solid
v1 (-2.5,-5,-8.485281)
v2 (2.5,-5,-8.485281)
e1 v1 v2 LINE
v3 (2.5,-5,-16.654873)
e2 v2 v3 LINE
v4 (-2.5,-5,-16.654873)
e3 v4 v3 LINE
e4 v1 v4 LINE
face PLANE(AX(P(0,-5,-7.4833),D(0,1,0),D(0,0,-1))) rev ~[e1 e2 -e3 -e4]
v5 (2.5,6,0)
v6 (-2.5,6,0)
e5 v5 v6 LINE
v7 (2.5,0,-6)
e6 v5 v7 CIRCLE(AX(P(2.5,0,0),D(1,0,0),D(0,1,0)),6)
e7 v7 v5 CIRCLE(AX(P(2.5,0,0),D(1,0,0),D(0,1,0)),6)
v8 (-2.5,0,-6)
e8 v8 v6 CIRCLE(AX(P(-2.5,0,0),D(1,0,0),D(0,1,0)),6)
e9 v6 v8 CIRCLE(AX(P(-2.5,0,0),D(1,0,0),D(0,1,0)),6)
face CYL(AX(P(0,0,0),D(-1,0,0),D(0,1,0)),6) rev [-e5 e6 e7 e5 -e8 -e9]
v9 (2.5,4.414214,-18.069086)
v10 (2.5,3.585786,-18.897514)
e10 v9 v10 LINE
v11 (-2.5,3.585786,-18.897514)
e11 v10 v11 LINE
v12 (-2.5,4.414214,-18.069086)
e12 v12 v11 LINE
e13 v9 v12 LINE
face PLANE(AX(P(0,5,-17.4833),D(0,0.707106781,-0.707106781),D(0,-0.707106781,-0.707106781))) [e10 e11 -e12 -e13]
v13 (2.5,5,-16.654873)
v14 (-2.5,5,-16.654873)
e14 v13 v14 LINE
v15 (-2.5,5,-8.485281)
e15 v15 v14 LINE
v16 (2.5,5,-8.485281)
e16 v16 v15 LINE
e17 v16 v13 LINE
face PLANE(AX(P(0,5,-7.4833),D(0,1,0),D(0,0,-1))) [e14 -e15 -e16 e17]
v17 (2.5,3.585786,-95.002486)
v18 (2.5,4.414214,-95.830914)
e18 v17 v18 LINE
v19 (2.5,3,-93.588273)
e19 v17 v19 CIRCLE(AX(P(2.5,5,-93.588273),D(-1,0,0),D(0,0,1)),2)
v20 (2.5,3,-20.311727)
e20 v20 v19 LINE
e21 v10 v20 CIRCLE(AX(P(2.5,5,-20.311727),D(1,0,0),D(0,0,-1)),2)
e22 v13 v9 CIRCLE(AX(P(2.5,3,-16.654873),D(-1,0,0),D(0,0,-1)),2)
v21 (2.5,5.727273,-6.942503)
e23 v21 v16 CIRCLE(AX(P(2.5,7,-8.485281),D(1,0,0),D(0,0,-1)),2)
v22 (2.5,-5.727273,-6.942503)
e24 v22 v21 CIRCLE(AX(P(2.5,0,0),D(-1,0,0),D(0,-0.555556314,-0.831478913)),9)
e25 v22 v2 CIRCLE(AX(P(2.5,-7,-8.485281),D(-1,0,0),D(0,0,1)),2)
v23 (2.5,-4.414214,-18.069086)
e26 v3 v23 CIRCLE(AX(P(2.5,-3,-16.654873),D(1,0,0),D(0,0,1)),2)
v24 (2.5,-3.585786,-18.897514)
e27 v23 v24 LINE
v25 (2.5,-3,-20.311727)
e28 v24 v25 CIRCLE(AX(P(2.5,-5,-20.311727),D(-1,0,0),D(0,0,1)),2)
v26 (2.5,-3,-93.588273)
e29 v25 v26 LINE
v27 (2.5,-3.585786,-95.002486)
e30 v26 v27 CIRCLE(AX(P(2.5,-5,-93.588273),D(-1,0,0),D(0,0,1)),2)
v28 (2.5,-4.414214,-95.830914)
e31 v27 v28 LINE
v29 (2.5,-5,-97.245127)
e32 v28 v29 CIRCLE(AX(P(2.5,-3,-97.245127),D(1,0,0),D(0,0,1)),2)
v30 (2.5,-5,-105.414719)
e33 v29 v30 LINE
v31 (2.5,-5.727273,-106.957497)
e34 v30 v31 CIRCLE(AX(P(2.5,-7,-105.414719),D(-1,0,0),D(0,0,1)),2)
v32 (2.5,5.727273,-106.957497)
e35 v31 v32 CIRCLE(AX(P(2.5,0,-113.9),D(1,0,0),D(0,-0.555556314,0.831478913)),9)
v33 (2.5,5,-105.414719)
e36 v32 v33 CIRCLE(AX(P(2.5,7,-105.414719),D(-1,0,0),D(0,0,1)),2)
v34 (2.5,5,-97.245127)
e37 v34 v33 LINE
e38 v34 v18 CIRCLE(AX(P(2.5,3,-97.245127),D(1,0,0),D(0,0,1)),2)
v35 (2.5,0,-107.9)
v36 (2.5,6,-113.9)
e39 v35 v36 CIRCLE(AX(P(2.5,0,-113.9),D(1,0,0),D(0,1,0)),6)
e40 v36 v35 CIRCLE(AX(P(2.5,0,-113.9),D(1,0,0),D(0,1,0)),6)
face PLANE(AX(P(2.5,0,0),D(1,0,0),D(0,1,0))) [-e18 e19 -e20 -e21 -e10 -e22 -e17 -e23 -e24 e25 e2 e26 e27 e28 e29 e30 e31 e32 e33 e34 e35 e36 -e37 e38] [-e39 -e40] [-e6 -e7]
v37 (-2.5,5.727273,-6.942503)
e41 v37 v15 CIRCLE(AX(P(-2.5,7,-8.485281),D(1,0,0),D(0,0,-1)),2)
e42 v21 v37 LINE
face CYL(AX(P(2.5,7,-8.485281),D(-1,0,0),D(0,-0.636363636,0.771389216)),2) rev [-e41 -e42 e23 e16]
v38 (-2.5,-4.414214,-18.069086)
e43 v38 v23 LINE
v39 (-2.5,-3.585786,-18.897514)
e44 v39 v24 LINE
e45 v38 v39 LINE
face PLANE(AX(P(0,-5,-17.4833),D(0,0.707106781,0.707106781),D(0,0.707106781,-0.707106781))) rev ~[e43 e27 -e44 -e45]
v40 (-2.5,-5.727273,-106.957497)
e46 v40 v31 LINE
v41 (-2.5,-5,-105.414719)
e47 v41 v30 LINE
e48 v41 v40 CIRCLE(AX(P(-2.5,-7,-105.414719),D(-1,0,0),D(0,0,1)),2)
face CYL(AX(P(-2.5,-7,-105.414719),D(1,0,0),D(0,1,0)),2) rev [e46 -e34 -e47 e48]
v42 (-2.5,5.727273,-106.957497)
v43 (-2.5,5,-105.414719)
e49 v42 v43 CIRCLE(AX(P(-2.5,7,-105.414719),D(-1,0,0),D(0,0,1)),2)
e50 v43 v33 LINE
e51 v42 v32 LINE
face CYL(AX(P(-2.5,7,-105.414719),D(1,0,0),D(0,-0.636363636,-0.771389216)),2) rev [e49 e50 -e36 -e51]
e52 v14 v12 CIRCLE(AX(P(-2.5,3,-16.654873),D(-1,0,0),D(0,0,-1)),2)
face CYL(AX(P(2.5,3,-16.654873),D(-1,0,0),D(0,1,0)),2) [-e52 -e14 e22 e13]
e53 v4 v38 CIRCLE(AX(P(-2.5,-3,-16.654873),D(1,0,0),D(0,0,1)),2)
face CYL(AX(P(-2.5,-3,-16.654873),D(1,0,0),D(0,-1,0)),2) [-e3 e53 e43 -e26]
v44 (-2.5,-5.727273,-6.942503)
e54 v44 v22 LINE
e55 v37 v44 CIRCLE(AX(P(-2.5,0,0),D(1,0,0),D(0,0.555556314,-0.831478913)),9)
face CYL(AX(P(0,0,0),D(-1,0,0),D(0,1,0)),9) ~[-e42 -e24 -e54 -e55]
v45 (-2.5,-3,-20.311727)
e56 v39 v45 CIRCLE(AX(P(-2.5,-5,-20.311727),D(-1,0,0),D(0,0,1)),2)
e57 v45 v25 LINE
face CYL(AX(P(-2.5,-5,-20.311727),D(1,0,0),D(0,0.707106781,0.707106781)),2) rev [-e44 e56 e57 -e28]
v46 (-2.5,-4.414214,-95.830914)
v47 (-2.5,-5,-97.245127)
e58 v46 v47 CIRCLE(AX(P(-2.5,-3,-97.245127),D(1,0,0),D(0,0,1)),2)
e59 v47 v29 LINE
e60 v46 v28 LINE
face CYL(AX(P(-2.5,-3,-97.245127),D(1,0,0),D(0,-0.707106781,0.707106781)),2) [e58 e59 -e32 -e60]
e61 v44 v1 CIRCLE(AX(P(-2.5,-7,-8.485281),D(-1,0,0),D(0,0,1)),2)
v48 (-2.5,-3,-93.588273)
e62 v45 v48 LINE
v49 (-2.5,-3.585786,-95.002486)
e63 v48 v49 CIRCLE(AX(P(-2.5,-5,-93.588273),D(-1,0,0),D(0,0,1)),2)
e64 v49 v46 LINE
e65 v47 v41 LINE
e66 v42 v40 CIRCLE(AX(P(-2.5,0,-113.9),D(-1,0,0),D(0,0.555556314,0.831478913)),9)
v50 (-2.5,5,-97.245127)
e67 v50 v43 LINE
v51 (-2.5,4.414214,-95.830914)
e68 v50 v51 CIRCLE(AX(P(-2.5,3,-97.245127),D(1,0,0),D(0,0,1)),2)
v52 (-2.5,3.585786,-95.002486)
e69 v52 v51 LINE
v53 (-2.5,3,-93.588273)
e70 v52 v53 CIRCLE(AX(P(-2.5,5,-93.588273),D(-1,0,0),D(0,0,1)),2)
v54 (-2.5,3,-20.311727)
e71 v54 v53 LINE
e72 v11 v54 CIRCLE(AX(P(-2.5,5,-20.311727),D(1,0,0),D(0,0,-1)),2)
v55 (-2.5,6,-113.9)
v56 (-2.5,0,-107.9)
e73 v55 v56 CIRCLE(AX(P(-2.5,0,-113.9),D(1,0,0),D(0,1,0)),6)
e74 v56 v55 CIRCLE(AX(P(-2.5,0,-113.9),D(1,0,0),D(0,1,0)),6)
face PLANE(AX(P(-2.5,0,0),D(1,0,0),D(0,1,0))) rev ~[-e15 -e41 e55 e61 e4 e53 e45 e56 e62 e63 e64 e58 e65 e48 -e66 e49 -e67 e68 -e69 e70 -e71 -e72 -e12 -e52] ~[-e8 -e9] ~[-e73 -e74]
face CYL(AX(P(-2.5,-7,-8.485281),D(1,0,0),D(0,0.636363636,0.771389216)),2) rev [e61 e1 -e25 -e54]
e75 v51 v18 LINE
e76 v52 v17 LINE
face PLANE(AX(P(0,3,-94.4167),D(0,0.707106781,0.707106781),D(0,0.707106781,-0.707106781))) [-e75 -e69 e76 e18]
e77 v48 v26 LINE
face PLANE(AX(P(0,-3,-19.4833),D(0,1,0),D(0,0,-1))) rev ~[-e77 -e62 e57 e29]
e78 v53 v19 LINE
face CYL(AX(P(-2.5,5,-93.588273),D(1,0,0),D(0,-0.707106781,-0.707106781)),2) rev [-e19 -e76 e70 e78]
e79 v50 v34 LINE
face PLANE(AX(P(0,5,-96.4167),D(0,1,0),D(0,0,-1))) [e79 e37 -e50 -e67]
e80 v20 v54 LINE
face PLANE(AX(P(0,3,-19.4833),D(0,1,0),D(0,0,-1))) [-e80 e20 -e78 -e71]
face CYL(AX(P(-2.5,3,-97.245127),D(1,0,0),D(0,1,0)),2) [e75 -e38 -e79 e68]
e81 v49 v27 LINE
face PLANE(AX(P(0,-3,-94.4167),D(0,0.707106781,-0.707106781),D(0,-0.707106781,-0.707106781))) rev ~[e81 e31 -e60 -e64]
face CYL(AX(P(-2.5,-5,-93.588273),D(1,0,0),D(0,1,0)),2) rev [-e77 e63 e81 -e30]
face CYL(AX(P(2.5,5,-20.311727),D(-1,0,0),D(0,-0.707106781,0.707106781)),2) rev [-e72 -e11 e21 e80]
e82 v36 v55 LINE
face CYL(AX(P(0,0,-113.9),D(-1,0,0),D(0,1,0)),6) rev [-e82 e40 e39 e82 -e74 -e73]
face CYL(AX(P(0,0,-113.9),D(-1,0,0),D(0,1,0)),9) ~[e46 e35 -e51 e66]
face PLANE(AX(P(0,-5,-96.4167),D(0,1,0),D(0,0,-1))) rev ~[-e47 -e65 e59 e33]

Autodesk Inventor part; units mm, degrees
ref_plane "YZ Plane" through (0, 0, 0) normal (1, 0, 0) x (0, 1, 0)
ref_plane "XZ Plane" through (0, 0, 0) normal (0, 1, 0) x (-1, 0, 0)
ref_plane "XY Plane" through (0, 0, 0) normal (0, 0, 1) x (1, 0, 0)
sketch "草圖1" plane through (0, 0, 0) normal (1, 0, 0) x (0, 1, 0)
  line L0 (0, 0) -> (0, -113.9)
  circle A0 centre (0, 0) radius 6
  circle A1 centre (0, -113.9) radius 6
  circle A2 centre (0, 0) radius 9
  circle A3 centre (0, -113.9) radius 9
  line L1 (5, -7.4833) -> (5, -17.4833)
  line L2 (5, -17.4833) -> (3, -19.4833)
  line L3 (3, -19.4833) -> (3, -94.4167)
  line L4 (3, -94.4167) -> (5, -96.4167)
  line L5 (5, -96.4167) -> (5, -106.4167)
  line L6 (-5, -7.4833) -> (-5, -17.4833)
  line L7 (-5, -17.4833) -> (-3, -19.4833)
  line L8 (-3, -19.4833) -> (-3, -94.4167)
  line L9 (-3, -94.4167) -> (-5, -96.4167)
  line L10 (-5, -96.4167) -> (-5, -106.4167)
  dimension "d0" = 113.9
  dimension "d1" = 12
  dimension "d2" = 12
  dimension "d3" = 18
  dimension "d4" = 18
  dimension "d5" = 3
  dimension "d6" = 3
  dimension "d7" = 135
  dimension "d8" = 5
  dimension "d9" = 10
  dimension "d10" = 10
  dimension "d11" = 135
extrude "擠出1" add sketch "草圖1" along normal mid plane 5
fillet "圓角1" radius 2 12 edges at (0, 5, -7.4833) (0, 5, -17.4833) (0, 3, -19.4833) (0, 3, -94.4167) (0, 5, -96.4167) (0, 5, -106.4167) (0, -5, -7.4833) (0, -5, -17.4833) (0, -3, -19.4833) (0, -3, -94.4167) (0, -5, -96.4167) (0, -5, -106.4167)
equation "\"d2\" = d1"
equation "\"d4\" = d3"
equation "\"d6\" = d5"
equation "\"d10\" = d9"
equation "\"d11\" = d7"
properties part number "Link_FG"
